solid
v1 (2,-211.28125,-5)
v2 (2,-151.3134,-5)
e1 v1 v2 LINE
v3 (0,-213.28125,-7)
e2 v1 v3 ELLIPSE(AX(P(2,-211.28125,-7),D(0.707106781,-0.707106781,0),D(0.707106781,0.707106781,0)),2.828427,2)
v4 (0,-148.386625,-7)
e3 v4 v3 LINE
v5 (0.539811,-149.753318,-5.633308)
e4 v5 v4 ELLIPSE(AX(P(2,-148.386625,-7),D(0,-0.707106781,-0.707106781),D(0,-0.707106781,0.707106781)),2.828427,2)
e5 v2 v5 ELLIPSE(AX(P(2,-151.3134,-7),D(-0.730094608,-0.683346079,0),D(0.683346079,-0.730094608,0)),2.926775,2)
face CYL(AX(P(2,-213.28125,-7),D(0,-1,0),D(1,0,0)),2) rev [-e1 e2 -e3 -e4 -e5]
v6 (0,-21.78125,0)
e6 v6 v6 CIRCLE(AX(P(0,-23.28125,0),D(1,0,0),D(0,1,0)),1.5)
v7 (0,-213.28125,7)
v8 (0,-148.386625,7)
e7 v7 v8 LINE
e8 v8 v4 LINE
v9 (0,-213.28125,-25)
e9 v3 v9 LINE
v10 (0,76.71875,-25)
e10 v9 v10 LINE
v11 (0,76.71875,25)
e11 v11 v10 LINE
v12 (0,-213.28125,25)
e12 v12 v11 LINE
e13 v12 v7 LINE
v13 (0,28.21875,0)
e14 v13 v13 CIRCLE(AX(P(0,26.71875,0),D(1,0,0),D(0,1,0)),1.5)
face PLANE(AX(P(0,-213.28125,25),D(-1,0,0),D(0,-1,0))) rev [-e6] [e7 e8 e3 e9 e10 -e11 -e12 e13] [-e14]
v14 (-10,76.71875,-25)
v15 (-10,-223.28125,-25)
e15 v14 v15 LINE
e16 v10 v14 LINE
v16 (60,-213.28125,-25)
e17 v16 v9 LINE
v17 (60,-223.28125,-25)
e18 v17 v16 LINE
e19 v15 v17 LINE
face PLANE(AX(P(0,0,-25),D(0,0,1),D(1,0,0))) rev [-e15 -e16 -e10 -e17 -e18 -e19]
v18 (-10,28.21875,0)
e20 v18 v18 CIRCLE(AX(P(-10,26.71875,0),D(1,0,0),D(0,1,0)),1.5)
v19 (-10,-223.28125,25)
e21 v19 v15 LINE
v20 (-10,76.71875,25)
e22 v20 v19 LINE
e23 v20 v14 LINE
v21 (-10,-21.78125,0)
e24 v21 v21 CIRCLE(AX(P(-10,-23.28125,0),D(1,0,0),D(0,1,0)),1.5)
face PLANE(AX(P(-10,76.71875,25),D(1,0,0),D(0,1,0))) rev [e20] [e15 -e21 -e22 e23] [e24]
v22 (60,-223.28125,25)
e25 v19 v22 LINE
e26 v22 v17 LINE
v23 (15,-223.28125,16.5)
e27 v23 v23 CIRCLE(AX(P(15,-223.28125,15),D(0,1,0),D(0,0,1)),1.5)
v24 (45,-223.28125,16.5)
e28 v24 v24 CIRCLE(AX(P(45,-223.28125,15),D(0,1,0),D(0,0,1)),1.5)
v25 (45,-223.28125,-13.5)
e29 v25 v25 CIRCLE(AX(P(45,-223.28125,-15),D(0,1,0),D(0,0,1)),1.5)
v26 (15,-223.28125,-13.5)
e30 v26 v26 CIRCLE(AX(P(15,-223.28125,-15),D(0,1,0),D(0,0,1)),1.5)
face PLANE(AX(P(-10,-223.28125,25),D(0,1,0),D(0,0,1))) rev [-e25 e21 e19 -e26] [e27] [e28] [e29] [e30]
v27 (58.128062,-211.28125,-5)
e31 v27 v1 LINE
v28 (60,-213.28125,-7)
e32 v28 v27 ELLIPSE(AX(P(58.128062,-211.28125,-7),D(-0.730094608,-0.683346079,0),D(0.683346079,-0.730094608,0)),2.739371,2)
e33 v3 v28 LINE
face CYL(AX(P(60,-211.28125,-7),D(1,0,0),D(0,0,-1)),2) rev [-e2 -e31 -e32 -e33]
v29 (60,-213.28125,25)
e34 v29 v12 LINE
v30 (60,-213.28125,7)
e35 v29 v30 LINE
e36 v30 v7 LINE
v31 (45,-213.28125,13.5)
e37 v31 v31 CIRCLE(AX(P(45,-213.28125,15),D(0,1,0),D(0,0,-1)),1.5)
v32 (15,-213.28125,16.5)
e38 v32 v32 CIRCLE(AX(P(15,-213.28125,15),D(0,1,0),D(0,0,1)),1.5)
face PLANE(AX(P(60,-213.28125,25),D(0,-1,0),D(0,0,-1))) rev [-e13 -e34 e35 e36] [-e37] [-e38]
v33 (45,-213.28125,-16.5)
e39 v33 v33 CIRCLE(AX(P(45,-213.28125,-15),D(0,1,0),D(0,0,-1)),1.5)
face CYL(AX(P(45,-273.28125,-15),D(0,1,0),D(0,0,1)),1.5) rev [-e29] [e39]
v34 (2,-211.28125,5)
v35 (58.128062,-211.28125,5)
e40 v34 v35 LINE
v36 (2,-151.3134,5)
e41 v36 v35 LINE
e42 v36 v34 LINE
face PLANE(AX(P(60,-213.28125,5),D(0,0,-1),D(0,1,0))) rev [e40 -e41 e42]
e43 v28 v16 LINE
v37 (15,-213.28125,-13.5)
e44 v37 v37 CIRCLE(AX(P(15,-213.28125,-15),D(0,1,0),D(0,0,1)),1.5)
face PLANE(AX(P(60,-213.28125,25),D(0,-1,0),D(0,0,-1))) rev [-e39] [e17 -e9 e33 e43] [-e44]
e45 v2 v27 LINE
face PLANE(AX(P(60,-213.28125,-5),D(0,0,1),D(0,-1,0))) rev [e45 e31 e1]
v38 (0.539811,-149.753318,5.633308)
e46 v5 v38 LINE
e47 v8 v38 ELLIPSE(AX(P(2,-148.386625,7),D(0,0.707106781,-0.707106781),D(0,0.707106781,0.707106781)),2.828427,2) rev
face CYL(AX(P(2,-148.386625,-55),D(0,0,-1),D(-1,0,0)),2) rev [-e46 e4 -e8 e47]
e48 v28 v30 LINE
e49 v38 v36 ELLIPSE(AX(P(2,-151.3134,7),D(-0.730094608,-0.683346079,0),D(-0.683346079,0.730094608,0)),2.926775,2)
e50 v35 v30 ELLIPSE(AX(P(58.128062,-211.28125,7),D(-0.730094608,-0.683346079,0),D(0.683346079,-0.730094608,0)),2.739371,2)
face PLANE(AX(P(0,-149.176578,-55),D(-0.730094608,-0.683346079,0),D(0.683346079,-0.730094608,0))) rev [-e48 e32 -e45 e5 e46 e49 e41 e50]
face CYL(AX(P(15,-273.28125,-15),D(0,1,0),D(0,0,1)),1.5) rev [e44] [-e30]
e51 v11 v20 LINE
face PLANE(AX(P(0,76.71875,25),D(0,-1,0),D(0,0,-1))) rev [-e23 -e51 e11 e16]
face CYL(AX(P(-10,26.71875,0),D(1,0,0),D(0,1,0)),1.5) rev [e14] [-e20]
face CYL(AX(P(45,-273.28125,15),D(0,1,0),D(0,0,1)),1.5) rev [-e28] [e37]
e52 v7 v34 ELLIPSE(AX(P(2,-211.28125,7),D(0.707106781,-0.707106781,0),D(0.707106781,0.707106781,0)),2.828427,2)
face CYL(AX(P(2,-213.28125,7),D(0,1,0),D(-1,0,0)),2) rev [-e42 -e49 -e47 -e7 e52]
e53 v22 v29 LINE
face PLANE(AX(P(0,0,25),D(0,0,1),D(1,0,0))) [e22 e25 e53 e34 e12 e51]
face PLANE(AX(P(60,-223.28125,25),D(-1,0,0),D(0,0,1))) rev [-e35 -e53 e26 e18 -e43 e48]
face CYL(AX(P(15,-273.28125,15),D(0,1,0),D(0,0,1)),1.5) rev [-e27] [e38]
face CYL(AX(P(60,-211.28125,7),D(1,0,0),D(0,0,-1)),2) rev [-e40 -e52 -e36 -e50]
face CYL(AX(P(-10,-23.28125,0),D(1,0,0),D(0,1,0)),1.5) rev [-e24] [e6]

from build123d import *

# Parameters (mm, degrees)
BOSS_EXTRUDE1_DEPTH = 25
SKETCH2_W           = 10
SKETCH2_H           = 64.104672306
BOSS_EXTRUDE2_DEPTH = 60
CUT_EXTRUDE1_DEPTH  = 60
SKETCH4_R           = 1.5
CUT_EXTRUDE2_DEPTH  = 60
FILLET1_R           = 2
SKETCH13_R          = 1.5
CUT_EXTRUDE3_DEPTH  = 10


with BuildPart() as part:
    # Sketch1 → Boss-Extrude1 (new, symmetric)
    with BuildSketch(Plane.XY):
        Polygon((0, 76.71875), (-10, 76.71875), (-10, -223.28125), (60, -223.28125), (60, -213.28125), (0, -213.28125), align=None)
    extrude(amount=BOSS_EXTRUDE1_DEPTH, both=True)

    # Sketch2 → Boss-Extrude2 (add)
    with BuildSketch(Plane(origin=(0, 0, 0), x_dir=(0, 0, -1), z_dir=(1, 0, 0))):
        with Locations((0, -181.228913847)):
            Rectangle(SKETCH2_W, SKETCH2_H)
    extrude(amount=BOSS_EXTRUDE2_DEPTH)

    # Sketch3 → Cut-Extrude1 (cut)
    with BuildSketch(Plane.XY.offset(5)):
        Polygon((0, -149.176577694), (60, -213.28125), (60, -149.176577694), align=None)
    extrude(amount=-CUT_EXTRUDE1_DEPTH, mode=Mode.SUBTRACT)

    # Sketch4 → Cut-Extrude2 (cut)
    with BuildSketch(Plane(origin=(0, -213.28125, 0), x_dir=(1, 0, 0), z_dir=(0, 1, 0))):
        with Locations(Location((15, 15, 0), (0, 0, 270))):
            Circle(SKETCH4_R)
        with Locations(Location((15, -15, 0), (0, 0, 270))):
            Circle(SKETCH4_R)
        with Locations(Location((45, -15, 0), (0, 0, 270))):
            Circle(SKETCH4_R)
        with Locations(Location((45, 15, 0), (0, 0, 270))):
            Circle(SKETCH4_R)
    extrude(amount=-CUT_EXTRUDE2_DEPTH, mode=Mode.SUBTRACT)

    # Fillet1
    fillet1_edges = [part.edges().sort_by_distance(p)[0] for p in [
        (0, -181.228913847, 5),
        (30, -213.28125, 5),
        (0, -181.228913847, -5),
        (30, -213.28125, -5),
        (0, -149.176577694, 0),
    ]]
    fillet(fillet1_edges, radius=FILLET1_R)

    # Sketch13 → Cut-Extrude3 (cut)
    with BuildSketch(Plane(origin=(0, 0, 0), x_dir=(0, 0, -1), z_dir=(1, 0, 0))):
        with Locations(Location((0, 26.71875, 0), (0, 0, 90))):
            Circle(SKETCH13_R)
        with Locations(Location((0, -23.28125, 0), (0, 0, 90))):
            Circle(SKETCH13_R)
    extrude(amount=-CUT_EXTRUDE3_DEPTH, mode=Mode.SUBTRACT)


solid = part.part
